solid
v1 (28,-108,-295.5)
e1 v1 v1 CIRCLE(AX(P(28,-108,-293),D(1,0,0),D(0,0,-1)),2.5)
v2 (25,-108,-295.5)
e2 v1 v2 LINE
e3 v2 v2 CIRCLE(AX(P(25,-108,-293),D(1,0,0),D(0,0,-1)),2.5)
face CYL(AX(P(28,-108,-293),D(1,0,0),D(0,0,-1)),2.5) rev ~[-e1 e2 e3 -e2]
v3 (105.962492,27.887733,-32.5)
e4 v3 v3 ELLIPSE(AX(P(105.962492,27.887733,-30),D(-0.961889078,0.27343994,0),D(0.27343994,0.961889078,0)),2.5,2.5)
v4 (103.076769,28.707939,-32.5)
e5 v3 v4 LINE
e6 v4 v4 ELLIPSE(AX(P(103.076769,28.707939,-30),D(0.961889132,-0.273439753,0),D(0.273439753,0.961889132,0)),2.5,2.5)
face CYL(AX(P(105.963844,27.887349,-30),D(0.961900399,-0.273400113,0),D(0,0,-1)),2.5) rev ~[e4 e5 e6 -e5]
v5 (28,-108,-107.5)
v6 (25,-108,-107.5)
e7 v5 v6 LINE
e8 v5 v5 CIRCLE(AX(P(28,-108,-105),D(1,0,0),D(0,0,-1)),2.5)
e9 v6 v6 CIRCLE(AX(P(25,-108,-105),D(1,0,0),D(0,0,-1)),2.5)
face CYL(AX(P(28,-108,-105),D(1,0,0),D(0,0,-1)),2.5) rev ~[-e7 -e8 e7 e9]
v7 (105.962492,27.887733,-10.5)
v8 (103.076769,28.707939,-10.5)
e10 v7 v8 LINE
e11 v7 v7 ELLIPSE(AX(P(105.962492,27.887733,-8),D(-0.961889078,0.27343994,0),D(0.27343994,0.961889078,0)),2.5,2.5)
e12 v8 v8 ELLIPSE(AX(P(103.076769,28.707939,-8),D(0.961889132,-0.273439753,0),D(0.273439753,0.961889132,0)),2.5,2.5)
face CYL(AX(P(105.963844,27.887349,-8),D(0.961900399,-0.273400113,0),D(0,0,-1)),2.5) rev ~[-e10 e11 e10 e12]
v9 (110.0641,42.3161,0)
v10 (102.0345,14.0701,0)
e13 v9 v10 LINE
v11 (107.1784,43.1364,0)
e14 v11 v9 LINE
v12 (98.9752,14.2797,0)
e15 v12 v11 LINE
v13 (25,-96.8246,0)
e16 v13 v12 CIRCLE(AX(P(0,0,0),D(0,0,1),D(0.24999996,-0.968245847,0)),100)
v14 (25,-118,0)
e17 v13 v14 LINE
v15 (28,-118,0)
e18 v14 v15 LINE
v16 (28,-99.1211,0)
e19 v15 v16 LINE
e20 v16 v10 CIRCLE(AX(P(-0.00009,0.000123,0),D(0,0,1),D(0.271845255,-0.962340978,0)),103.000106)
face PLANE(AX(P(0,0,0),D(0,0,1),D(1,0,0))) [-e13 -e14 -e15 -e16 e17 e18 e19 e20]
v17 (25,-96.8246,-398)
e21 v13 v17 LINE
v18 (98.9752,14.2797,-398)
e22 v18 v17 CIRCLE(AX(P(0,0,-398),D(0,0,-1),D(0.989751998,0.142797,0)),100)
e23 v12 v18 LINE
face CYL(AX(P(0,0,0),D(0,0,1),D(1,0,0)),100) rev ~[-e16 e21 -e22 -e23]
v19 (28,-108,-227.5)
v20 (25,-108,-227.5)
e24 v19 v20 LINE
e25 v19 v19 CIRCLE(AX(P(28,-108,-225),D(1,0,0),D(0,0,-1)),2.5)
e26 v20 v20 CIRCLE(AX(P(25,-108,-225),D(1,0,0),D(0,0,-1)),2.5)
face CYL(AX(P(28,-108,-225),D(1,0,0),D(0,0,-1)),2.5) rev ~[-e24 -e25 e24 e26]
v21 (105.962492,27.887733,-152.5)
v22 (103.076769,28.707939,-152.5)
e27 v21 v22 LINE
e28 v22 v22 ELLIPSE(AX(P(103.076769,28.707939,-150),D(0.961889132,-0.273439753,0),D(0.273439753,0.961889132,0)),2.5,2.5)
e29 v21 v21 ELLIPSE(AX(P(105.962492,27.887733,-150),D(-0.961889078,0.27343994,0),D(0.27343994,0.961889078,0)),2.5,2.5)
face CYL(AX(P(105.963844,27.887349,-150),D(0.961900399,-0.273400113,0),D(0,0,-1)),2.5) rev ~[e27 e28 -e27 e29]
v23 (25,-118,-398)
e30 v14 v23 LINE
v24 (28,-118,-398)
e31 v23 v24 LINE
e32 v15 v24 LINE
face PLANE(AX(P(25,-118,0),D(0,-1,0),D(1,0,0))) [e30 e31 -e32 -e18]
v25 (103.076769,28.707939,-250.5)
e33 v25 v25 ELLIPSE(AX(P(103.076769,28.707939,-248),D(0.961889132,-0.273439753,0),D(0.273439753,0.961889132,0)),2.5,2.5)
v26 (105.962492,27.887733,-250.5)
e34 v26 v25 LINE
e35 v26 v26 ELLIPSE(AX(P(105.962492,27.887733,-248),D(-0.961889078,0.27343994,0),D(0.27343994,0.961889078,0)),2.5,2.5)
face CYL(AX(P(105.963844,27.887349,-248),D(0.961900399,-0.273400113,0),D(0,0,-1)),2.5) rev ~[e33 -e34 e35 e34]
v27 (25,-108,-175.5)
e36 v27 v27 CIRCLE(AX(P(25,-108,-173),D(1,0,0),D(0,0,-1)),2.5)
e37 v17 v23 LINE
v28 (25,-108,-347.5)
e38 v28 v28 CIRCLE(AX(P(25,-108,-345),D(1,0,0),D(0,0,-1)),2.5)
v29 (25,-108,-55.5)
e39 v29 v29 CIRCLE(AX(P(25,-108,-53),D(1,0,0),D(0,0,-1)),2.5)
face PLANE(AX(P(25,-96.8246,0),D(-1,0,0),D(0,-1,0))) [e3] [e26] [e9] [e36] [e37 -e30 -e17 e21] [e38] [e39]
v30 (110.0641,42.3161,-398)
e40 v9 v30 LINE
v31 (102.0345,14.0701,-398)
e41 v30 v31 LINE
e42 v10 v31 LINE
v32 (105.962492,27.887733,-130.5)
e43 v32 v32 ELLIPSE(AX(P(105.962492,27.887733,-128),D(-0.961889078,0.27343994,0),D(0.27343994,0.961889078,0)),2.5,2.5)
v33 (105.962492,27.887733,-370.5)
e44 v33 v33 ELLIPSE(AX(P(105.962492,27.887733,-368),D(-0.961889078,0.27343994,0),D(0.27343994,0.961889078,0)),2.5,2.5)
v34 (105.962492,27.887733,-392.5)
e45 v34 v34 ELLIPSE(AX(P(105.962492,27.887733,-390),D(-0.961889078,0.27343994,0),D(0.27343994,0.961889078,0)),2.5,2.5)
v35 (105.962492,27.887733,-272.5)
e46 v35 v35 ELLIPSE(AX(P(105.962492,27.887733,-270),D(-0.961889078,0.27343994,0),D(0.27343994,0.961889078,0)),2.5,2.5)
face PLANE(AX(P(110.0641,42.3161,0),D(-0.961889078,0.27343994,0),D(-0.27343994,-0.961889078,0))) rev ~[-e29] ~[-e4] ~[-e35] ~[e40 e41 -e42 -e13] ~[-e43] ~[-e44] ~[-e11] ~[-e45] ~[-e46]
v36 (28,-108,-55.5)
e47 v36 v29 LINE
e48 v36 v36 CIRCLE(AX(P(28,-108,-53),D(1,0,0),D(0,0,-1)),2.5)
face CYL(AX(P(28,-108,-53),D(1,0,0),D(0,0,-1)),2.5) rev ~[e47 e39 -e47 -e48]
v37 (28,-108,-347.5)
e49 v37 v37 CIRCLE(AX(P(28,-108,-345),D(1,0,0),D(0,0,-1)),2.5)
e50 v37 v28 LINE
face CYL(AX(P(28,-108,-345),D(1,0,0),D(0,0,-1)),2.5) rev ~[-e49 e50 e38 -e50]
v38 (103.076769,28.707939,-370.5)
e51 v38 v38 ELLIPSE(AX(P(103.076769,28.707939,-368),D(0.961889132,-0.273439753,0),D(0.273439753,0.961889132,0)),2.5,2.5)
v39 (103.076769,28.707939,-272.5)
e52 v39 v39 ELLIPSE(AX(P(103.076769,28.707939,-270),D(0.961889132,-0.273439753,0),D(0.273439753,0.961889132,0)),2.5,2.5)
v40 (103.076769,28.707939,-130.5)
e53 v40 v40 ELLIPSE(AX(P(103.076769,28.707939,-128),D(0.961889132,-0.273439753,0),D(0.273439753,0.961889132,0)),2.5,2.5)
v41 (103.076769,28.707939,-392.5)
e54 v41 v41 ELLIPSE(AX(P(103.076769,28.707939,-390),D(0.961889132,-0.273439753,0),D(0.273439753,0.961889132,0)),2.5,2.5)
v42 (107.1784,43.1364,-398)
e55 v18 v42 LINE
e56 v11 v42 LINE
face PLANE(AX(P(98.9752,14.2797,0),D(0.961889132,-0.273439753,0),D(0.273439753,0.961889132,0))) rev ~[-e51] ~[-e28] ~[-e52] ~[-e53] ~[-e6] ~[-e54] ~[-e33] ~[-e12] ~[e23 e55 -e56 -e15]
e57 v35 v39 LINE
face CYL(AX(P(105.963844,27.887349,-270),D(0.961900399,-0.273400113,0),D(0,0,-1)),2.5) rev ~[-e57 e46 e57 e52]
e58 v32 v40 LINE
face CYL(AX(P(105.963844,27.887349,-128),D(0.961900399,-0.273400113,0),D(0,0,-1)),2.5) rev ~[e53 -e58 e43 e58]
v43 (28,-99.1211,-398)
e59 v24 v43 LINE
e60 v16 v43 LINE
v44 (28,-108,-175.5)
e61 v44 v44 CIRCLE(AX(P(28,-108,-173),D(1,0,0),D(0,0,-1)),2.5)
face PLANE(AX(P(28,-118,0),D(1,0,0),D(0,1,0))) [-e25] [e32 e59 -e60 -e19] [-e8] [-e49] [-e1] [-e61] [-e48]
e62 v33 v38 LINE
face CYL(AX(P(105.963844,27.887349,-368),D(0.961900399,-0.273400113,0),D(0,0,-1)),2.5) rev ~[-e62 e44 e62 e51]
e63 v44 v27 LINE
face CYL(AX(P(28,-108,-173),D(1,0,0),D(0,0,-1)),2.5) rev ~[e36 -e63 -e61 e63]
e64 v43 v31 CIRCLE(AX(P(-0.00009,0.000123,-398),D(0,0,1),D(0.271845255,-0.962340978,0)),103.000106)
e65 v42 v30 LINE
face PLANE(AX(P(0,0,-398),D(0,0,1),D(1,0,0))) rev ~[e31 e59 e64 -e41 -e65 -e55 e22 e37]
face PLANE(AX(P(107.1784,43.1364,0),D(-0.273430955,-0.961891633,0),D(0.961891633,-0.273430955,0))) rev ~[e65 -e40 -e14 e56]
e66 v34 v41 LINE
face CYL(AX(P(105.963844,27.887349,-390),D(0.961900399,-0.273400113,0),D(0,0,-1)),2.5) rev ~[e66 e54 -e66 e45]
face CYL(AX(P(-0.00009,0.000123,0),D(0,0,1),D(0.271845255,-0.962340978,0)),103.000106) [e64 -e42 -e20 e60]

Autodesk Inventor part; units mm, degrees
ref_plane "YZ Plane" through (0, 0, 0) normal (1, 0, 0) x (0, 1, 0)
ref_plane "XZ Plane" through (0, 0, 0) normal (0, 1, 0) x (-1, 0, 0)
ref_plane "XY Plane" through (0, 0, 0) normal (0, 0, 1) x (1, 0, 0)
sketch "草图1" plane through (0, 0, 0) normal (0, 0, 1) x (1, 0, 0)
  circle A0 centre (0, 0) radius 100
  line L0 (-25, -96.8246) -> (25, -96.8246)
  line L1 (25, -96.8246) -> (25, -118)
  line L2 (25, -118) -> (-25, -118)
  line L3 (-25, -118) -> (-25, -96.8246)
  line L4 (0, -100) -> (-25, -100)
  arc A1 (28, -99.1211) -> (102.0345, 14.0701) centre (0, 0) ccw
  line L5 (25, -118) -> (28, -118)
  line L6 (28, -118) -> (28, -99.1211)
  line L7 (98.9752, 14.2797) -> (107.1784, 43.1364)
  line L8 (107.1784, 43.1364) -> (110.0641, 42.3161)
  line L9 (110.0641, 42.3161) -> (102.0345, 14.0701)
  line L10 (-25, 96.8246) -> (-25, 300)
  line L11 (-25, 300) -> (175, 300)
  line L12 (175, 300) -> (96.8246, 25)
  dimension "d0" = 200
  dimension "d1" = 50
  dimension "d2" = 18
  dimension "d3" = 3
  dimension "d4" = 3
  dimension "d5" = 3
  dimension "d6" = 200
  dimension "d7" = 25
  dimension "d8" = 25
  dimension "d9" = 5
  dimension "d10" = 300
  dimension "d11" = 30
extrude "拉伸1" add sketch "草图1" against normal blind 398 contours A0 L7 L8 L9 A1 L6 L5 L1
sketch "草图2" plane through (28, -118, 0) normal (1, 0, 0) x (0, 0, -1)
  circle A0 centre (293, 10) radius 2.5
  circle A1 centre (345, 10) radius 2.5
  line L0 (0, 0) -> (398, 0) projected
  line L1 (398, 18.8789) -> (398, 0) projected
  point P0 (0, 118)
  dimension "d14" = 5
  dimension "d15" = 5
  dimension "d16" = 10
  dimension "d17" = 10
  dimension "d18" = 53
  dimension "d19" = 105
extrude "拉伸2" cut sketch "草图2" against normal blind 3
pattern_linear "矩形阵列1" count 3 spacing 120 along (0, 0, 1) of "拉伸2"
sketch "草图3" plane through (102.0345, 14.0701, 0) normal (0.9619, -0.2734, 0) x (0, 0, -1)
  circle A0 centre (390, 14.3651) radius 2.5
  circle A1 centre (368, 14.3651) radius 2.5
  line L0 (0, 29.3651) -> (398, 29.3651) projected
  line L1 (398, 29.3651) -> (398, 0) projected
  point P0 (0, -41.4342)
  dimension "d25" = 5
  dimension "d26" = 5
  dimension "d27" = 15
  dimension "d28" = 15
  dimension "d29" = 8
  dimension "d30" = 30
extrude "拉伸3" cut sketch "草图3" against normal blind 3
pattern_linear "矩形阵列2" count 4 spacing 120 along (0, 0, 1) of "拉伸3"
properties part number "装填斗后罩"
